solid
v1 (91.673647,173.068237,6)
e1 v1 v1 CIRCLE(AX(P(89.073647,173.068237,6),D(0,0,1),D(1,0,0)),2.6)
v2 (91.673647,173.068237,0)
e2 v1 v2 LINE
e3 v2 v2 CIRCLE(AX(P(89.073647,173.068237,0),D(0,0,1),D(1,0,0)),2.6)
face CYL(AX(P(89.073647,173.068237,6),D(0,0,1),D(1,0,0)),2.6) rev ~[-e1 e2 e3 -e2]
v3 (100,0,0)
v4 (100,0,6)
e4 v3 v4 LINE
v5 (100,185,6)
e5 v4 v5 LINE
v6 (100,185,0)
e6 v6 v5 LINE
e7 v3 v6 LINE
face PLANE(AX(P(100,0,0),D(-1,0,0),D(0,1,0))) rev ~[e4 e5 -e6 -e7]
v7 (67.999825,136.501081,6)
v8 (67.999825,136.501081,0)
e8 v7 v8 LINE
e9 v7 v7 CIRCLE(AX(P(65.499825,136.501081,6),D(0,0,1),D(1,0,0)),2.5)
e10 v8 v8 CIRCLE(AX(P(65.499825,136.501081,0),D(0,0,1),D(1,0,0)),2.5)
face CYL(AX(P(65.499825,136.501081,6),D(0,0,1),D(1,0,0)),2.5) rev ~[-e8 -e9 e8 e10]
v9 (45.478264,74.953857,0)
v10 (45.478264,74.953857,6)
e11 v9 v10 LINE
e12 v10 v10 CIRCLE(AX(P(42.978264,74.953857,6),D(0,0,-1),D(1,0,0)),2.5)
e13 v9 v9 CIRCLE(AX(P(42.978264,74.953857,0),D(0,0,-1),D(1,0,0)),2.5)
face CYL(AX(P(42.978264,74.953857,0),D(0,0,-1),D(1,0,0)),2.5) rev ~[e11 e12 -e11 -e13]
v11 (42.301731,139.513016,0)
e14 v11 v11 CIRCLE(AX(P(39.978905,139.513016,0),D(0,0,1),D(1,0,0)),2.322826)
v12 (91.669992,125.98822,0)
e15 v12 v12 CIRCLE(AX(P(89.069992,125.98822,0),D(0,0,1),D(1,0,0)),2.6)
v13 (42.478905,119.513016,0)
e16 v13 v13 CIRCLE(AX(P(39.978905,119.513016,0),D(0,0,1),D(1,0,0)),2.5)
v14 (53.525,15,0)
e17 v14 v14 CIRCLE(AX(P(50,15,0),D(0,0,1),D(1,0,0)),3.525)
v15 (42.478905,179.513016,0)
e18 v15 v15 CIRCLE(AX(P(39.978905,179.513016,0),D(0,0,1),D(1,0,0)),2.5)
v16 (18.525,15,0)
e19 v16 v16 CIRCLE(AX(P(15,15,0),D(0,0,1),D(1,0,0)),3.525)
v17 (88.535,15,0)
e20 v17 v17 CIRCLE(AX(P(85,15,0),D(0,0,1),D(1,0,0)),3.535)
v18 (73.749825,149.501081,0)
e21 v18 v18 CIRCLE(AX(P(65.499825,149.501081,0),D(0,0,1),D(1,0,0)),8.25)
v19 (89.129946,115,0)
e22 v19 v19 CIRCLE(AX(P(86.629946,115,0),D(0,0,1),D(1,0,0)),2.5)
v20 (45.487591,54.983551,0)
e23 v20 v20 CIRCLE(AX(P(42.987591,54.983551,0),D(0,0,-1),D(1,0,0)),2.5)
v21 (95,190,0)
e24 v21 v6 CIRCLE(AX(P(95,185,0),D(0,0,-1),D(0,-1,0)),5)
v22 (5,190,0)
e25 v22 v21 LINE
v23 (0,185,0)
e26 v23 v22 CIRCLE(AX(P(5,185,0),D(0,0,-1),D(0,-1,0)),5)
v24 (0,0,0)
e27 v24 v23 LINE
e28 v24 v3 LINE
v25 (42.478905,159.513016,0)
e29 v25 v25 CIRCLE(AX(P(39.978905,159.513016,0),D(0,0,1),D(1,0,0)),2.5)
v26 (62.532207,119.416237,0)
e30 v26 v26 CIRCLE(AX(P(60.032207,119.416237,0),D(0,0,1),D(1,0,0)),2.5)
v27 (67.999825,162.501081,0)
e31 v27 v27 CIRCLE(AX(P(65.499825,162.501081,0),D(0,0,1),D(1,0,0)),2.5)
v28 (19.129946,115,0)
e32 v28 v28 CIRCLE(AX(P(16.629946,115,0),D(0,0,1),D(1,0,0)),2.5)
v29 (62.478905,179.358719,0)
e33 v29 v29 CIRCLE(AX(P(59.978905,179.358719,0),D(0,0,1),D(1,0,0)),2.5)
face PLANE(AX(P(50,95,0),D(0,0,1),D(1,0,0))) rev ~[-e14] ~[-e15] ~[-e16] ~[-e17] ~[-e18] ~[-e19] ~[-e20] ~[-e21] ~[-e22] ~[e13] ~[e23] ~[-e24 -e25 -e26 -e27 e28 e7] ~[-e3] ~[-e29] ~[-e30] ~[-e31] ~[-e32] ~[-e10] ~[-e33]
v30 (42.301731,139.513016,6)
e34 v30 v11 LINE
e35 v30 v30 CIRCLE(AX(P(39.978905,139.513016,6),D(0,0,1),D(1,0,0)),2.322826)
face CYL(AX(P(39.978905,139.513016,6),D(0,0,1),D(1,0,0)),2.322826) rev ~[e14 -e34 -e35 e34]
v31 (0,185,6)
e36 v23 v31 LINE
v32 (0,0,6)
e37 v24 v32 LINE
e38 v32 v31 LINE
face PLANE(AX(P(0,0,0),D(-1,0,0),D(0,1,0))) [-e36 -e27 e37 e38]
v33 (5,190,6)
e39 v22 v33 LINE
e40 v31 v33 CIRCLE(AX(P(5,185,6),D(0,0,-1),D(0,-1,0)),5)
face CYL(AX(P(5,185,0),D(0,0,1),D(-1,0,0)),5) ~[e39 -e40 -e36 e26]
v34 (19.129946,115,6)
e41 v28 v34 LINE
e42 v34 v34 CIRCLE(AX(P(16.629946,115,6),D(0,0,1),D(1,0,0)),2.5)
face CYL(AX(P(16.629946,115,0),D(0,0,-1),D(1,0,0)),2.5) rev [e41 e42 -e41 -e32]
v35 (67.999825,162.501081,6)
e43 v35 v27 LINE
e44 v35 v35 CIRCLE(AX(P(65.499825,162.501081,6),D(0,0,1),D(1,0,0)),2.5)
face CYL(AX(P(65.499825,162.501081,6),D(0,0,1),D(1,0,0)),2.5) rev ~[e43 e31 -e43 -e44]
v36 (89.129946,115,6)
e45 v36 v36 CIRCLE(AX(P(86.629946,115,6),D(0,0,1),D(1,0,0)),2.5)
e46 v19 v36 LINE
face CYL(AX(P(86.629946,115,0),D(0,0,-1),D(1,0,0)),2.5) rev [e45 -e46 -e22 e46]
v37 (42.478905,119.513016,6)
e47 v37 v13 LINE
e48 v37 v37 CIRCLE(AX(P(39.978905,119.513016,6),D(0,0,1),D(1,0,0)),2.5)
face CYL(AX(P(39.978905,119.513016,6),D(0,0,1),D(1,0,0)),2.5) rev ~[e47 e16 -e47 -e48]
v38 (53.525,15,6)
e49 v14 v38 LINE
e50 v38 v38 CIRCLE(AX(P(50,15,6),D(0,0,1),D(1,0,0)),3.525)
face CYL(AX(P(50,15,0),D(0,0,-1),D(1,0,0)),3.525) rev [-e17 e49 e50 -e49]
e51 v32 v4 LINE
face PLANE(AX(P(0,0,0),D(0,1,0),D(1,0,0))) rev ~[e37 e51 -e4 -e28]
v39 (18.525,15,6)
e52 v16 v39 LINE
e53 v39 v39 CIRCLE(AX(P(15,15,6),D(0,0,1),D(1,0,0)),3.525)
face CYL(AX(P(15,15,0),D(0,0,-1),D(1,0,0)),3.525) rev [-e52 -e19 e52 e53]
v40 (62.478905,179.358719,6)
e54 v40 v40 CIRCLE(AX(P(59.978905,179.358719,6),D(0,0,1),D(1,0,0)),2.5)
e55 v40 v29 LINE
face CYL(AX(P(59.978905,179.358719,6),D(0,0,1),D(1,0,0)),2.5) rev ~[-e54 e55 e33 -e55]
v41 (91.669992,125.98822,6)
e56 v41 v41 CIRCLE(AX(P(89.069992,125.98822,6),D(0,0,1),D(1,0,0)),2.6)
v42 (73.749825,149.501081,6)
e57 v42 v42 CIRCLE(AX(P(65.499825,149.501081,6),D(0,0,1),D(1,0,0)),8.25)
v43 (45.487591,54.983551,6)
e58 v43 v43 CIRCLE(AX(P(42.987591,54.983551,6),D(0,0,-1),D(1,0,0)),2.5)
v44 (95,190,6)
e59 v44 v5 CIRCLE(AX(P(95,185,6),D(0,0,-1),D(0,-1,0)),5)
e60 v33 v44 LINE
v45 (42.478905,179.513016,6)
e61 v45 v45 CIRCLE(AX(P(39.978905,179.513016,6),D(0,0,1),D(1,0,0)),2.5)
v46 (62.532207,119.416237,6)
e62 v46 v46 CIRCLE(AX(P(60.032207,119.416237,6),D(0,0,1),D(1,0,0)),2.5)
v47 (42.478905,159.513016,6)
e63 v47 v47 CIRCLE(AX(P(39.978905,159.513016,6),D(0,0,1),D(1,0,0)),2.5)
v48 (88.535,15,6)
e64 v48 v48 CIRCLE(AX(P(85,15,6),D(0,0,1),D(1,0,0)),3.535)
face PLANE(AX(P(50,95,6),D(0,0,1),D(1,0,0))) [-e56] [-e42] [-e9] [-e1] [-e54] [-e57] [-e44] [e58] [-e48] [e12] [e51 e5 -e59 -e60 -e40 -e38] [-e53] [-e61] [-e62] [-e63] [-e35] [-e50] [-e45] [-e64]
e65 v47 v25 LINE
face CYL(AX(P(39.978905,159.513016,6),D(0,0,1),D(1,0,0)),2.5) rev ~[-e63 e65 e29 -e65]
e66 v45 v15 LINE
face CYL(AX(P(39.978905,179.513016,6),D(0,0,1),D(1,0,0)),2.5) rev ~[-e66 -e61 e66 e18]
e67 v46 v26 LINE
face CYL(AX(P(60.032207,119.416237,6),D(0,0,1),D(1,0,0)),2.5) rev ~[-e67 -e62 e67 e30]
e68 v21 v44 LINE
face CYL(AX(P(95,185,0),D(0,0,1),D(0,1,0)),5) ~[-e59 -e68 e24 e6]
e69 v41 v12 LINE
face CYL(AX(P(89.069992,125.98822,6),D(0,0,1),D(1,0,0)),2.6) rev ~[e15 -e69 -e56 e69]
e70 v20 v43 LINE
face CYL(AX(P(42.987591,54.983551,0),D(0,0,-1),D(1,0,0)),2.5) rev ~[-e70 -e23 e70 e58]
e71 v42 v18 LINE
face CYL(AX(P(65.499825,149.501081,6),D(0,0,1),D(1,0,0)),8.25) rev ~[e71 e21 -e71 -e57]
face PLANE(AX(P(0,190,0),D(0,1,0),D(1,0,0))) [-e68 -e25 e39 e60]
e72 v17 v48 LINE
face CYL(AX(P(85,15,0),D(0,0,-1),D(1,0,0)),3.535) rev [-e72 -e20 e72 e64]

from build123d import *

# Parameters (mm, degrees)
SKETCH_1_W      = 100
SKETCH_1_H      = 190
SKETCH_1_R      = 3.525
SKETCH_1_R_2    = 3.535
SKETCH_1_R_3    = 2.5
PAD_DEPTH       = 6
SKETCH_R        = 2.5
SKETCH_R_2      = 2.322826
POCKET_DEPTH    = 6
SKETCH002_R     = 2.5
POCKET001_DEPTH = 6
SKETCH003_R     = 5
POCKET002_DEPTH = 6
SKETCH004_R     = 2.6
POCKET003_DEPTH = 6
FILLET_R        = 5
SKETCH005_R     = 8.25
POCKET004_DEPTH = 6
SKETCH006_R     = 2.5
POCKET005_DEPTH = 6


with BuildPart() as part:
    # Sketch_1 → Pad (new body)
    with BuildSketch(Plane.XY):
        with Locations((50, 95)):
            Rectangle(SKETCH_1_W, SKETCH_1_H)
        with Locations((15, 15)):
            Circle(SKETCH_1_R, mode=Mode.SUBTRACT)
        with Locations((50, 15)):
            Circle(SKETCH_1_R, mode=Mode.SUBTRACT)
        with Locations((85, 15)):
            Circle(SKETCH_1_R_2, mode=Mode.SUBTRACT)
        with Locations((16.629946, 115)):
            Circle(SKETCH_1_R_3, mode=Mode.SUBTRACT)
        with Locations((86.629946, 115)):
            Circle(SKETCH_1_R_3, mode=Mode.SUBTRACT)
    extrude(amount=PAD_DEPTH)

    # Sketch (on Face11 of Pad) → Pocket (cut)
    with BuildSketch(Plane.XY.offset(6)):
        with Locations((39.978905, 119.513016)):
            Circle(SKETCH_R)
        with Locations((60.032207, 119.416237)):
            Circle(SKETCH_R)
        with Locations((39.978905, 139.513016)):
            Circle(SKETCH_R_2)
        with Locations((39.978905, 159.513016)):
            Circle(SKETCH_R)
        with Locations((39.978905, 179.513016)):
            Circle(SKETCH_R)
        with Locations((59.978905, 179.358719)):
            Circle(SKETCH_R)
    extrude(amount=-POCKET_DEPTH, mode=Mode.SUBTRACT)

    # Sketch002 (on Face4 of Pocket) → Pocket001 (cut)
    with BuildSketch(Plane(origin=(0, 0, 0), x_dir=(1, 0, 0), z_dir=(0, 0, -1))):
        with Locations((42.987591, -54.983551)):
            Circle(SKETCH002_R)
        with Locations((42.978264, -74.953857)):
            Circle(SKETCH002_R)
    extrude(amount=-POCKET001_DEPTH, mode=Mode.SUBTRACT)

    # Sketch003 (on Face5 of Pocket001) → Pocket002 (cut)
    with BuildSketch(Plane.XY.offset(6)):
        with Locations((65.499825, 149.501081)):
            Circle(SKETCH003_R)
    extrude(amount=-POCKET002_DEPTH, mode=Mode.SUBTRACT)

    # Sketch004 (on Face5 of Pocket002) → Pocket003 (cut)
    with BuildSketch(Plane.XY.offset(6)):
        with Locations((89.073647, 173.068237)):
            Circle(SKETCH004_R)
        with Locations((89.069992, 125.98822)):
            Circle(SKETCH004_R)
    extrude(amount=-POCKET003_DEPTH, mode=Mode.SUBTRACT)

    # Fillet
    fillet_edges = [part.edges().sort_by_distance(p)[0] for p in [
        (0, 190, 3),
        (100, 190, 3),
    ]]
    fillet(fillet_edges, radius=FILLET_R)

    # Sketch005 (on Face5 of Fillet) → Pocket004 (cut)
    with BuildSketch(Plane.XY.offset(6)):
        with Locations((65.499825, 149.501081)):
            Circle(SKETCH005_R)
    extrude(amount=-POCKET004_DEPTH, mode=Mode.SUBTRACT)

    # Sketch006 (on Face5 of Pocket004) → Pocket005 (cut)
    with BuildSketch(Plane.XY.offset(6)):
        with Locations((65.499825, 162.501081)):
            Circle(SKETCH006_R)
        with Locations((65.499825, 136.501081)):
            Circle(SKETCH006_R)
    extrude(amount=-POCKET005_DEPTH, mode=Mode.SUBTRACT)


solid = part.part
